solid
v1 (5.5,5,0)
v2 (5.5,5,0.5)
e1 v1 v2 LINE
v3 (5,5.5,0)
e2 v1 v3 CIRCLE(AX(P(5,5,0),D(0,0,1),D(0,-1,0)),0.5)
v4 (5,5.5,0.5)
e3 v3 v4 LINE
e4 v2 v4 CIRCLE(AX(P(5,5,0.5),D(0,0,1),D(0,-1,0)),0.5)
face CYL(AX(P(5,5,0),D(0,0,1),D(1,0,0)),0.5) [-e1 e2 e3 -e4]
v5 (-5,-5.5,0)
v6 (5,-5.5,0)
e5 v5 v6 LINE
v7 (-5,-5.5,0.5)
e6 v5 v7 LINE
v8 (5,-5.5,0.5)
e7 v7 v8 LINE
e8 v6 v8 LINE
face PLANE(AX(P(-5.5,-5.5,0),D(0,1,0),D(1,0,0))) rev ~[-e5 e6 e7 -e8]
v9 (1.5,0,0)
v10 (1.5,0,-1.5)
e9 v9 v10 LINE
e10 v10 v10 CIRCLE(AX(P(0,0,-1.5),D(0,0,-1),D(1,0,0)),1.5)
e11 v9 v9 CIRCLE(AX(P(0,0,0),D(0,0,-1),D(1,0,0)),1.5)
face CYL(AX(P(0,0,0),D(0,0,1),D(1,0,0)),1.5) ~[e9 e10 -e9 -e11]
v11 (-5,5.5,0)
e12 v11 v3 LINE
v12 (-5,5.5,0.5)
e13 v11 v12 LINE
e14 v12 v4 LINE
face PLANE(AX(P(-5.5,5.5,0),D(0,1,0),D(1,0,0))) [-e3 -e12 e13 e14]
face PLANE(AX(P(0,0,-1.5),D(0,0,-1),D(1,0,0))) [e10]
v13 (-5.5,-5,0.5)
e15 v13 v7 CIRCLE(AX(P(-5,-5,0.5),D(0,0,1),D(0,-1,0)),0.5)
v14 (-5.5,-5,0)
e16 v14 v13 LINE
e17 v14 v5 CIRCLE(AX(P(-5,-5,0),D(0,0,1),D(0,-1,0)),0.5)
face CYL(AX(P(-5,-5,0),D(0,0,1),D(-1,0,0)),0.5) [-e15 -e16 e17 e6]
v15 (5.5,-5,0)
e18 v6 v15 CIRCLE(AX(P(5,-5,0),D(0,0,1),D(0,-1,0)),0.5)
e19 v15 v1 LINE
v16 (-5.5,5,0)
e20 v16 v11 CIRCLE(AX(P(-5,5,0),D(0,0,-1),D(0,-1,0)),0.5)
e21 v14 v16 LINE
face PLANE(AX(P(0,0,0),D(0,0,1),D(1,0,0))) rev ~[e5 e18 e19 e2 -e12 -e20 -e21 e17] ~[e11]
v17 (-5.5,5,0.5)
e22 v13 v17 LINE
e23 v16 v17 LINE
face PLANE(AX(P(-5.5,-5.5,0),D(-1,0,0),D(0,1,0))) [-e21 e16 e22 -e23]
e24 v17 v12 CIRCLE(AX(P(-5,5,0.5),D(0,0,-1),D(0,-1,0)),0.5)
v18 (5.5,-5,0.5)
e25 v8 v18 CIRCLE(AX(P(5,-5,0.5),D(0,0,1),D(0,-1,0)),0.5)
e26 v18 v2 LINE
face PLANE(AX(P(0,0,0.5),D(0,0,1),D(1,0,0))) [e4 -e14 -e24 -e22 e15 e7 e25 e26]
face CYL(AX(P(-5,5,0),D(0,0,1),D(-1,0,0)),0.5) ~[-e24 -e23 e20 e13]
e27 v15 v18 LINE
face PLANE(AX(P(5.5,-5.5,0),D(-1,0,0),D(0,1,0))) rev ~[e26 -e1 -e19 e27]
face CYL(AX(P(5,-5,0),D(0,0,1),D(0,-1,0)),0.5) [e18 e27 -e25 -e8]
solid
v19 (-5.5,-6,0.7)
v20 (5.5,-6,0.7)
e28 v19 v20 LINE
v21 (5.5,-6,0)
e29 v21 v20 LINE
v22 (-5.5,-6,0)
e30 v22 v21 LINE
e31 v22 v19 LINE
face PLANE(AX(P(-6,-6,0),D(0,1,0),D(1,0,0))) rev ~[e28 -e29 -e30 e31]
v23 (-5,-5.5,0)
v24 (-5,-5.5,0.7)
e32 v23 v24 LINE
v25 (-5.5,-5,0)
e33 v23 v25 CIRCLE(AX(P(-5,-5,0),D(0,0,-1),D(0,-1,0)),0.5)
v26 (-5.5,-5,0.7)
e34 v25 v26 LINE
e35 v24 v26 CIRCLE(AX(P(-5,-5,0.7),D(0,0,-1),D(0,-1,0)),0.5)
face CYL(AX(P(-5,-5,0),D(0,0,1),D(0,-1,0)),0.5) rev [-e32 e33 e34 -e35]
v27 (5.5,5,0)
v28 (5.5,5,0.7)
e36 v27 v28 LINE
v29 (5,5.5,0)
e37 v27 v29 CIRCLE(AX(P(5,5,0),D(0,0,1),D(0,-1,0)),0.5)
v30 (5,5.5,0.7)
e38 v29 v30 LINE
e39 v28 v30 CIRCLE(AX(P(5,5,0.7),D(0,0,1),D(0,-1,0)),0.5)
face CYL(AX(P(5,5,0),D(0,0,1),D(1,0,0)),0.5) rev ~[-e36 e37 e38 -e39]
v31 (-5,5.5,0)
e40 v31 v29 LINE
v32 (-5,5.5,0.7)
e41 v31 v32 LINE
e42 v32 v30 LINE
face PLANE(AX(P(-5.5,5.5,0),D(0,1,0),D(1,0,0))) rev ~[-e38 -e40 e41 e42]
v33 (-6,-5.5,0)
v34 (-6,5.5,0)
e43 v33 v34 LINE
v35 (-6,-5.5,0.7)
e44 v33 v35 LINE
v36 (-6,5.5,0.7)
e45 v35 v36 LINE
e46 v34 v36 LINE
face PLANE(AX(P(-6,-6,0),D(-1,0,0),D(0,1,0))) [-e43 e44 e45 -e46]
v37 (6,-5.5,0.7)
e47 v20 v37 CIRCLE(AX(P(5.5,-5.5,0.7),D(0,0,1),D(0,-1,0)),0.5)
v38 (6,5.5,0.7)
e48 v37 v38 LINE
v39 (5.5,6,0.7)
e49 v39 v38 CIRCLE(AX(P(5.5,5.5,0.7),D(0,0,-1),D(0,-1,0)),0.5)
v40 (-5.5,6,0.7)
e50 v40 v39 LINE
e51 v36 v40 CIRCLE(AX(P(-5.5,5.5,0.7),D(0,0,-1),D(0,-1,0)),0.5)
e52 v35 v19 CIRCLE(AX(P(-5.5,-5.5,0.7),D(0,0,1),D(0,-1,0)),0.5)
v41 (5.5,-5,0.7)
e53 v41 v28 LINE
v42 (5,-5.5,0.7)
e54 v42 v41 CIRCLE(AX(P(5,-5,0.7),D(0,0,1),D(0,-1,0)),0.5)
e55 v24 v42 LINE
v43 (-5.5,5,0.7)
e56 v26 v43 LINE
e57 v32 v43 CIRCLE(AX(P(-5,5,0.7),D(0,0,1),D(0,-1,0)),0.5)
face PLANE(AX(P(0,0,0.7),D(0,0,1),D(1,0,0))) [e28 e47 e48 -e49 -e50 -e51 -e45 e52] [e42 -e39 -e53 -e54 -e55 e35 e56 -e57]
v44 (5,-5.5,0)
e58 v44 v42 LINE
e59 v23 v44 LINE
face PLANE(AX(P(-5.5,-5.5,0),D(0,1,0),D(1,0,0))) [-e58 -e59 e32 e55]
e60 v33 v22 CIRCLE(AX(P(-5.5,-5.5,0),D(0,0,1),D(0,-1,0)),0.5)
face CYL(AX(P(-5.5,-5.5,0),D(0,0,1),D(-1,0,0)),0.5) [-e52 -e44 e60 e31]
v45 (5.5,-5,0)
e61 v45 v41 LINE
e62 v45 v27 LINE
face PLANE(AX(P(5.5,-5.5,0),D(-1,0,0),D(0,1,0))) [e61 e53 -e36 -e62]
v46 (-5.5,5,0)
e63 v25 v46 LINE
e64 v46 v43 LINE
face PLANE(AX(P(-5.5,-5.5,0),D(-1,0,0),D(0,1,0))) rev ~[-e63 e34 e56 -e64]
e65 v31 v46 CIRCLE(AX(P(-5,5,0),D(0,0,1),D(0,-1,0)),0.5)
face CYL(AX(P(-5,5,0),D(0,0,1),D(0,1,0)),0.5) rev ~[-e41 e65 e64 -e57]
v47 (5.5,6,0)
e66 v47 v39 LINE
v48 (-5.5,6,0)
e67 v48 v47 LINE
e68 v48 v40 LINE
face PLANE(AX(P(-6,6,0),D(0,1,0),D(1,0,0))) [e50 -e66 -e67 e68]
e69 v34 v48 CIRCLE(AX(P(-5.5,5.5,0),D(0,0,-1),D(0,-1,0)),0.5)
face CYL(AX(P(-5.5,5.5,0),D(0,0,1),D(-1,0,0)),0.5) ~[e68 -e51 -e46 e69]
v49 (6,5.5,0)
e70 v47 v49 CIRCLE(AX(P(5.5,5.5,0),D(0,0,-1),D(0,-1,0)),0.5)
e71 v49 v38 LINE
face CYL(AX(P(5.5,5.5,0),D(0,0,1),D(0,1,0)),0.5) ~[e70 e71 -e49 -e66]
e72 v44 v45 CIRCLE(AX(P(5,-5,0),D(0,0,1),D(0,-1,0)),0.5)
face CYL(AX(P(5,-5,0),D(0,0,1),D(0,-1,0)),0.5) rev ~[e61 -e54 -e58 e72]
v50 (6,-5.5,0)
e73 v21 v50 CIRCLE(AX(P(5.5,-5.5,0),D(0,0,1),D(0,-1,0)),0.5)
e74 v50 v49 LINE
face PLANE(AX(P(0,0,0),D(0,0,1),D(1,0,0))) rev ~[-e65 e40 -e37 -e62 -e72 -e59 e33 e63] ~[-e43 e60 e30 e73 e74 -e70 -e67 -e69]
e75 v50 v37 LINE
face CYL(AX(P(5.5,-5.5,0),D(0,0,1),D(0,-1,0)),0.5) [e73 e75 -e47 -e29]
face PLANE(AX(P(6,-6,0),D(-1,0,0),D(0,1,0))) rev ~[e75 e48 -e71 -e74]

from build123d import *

# Parameters (mm, degrees)
SKETCH003_W   = 12
SKETCH003_H   = 12
SKETCH003_W_2 = 11
SKETCH003_H_2 = 11
PAD002_DEPTH  = 0.7
FILLET001_R   = 0.5
SKETCH004_W   = 11
SKETCH004_H   = 11
PAD_DEPTH     = 0.5
FILLET_R      = 0.5
SKETCH_R      = 1.5
PAD003_DEPTH  = 1.5


with BuildPart() as body01:
    # Sketch003 → Pad002 (new body)
    with BuildSketch(Plane.XY):
        Rectangle(SKETCH003_W, SKETCH003_H)
        Rectangle(SKETCH003_W_2, SKETCH003_H_2, mode=Mode.SUBTRACT)
    extrude(amount=PAD002_DEPTH)

    # Fillet001
    fillet001_edges = [body01.edges().sort_by_distance(p)[0] for p in [
        (6, 6, 0.35),
        (5.5, 5.5, 0.35),
        (-5.5, 5.5, 0.35),
        (-6, 6, 0.35),
        (-5.5, -5.5, 0.35),
        (-6, -6, 0.35),
        (5.5, -5.5, 0.35),
        (6, -6, 0.35),
    ]]
    fillet(fillet001_edges, radius=FILLET001_R)


with BuildPart() as body:
    # Sketch004 → Pad (new body)
    with BuildSketch(Plane.XY):
        Rectangle(SKETCH004_W, SKETCH004_H)
    extrude(amount=PAD_DEPTH)

    # Fillet
    fillet_edges = [body.edges().sort_by_distance(p)[0] for p in [
        (-5.5, 5.5, 0.25),
        (5.5, 5.5, 0.25),
        (5.5, -5.5, 0.25),
        (-5.5, -5.5, 0.25),
    ]]
    fillet(fillet_edges, radius=FILLET_R)

    # Sketch (on Face2 of Fillet) → Pad003 (join)
    with BuildSketch(Plane(origin=(0, 0, 0), x_dir=(1, 0, 0), z_dir=(0, 0, -1))):
        Circle(SKETCH_R)
    extrude(amount=PAD003_DEPTH)


solid = Compound([body01.part, body.part])
